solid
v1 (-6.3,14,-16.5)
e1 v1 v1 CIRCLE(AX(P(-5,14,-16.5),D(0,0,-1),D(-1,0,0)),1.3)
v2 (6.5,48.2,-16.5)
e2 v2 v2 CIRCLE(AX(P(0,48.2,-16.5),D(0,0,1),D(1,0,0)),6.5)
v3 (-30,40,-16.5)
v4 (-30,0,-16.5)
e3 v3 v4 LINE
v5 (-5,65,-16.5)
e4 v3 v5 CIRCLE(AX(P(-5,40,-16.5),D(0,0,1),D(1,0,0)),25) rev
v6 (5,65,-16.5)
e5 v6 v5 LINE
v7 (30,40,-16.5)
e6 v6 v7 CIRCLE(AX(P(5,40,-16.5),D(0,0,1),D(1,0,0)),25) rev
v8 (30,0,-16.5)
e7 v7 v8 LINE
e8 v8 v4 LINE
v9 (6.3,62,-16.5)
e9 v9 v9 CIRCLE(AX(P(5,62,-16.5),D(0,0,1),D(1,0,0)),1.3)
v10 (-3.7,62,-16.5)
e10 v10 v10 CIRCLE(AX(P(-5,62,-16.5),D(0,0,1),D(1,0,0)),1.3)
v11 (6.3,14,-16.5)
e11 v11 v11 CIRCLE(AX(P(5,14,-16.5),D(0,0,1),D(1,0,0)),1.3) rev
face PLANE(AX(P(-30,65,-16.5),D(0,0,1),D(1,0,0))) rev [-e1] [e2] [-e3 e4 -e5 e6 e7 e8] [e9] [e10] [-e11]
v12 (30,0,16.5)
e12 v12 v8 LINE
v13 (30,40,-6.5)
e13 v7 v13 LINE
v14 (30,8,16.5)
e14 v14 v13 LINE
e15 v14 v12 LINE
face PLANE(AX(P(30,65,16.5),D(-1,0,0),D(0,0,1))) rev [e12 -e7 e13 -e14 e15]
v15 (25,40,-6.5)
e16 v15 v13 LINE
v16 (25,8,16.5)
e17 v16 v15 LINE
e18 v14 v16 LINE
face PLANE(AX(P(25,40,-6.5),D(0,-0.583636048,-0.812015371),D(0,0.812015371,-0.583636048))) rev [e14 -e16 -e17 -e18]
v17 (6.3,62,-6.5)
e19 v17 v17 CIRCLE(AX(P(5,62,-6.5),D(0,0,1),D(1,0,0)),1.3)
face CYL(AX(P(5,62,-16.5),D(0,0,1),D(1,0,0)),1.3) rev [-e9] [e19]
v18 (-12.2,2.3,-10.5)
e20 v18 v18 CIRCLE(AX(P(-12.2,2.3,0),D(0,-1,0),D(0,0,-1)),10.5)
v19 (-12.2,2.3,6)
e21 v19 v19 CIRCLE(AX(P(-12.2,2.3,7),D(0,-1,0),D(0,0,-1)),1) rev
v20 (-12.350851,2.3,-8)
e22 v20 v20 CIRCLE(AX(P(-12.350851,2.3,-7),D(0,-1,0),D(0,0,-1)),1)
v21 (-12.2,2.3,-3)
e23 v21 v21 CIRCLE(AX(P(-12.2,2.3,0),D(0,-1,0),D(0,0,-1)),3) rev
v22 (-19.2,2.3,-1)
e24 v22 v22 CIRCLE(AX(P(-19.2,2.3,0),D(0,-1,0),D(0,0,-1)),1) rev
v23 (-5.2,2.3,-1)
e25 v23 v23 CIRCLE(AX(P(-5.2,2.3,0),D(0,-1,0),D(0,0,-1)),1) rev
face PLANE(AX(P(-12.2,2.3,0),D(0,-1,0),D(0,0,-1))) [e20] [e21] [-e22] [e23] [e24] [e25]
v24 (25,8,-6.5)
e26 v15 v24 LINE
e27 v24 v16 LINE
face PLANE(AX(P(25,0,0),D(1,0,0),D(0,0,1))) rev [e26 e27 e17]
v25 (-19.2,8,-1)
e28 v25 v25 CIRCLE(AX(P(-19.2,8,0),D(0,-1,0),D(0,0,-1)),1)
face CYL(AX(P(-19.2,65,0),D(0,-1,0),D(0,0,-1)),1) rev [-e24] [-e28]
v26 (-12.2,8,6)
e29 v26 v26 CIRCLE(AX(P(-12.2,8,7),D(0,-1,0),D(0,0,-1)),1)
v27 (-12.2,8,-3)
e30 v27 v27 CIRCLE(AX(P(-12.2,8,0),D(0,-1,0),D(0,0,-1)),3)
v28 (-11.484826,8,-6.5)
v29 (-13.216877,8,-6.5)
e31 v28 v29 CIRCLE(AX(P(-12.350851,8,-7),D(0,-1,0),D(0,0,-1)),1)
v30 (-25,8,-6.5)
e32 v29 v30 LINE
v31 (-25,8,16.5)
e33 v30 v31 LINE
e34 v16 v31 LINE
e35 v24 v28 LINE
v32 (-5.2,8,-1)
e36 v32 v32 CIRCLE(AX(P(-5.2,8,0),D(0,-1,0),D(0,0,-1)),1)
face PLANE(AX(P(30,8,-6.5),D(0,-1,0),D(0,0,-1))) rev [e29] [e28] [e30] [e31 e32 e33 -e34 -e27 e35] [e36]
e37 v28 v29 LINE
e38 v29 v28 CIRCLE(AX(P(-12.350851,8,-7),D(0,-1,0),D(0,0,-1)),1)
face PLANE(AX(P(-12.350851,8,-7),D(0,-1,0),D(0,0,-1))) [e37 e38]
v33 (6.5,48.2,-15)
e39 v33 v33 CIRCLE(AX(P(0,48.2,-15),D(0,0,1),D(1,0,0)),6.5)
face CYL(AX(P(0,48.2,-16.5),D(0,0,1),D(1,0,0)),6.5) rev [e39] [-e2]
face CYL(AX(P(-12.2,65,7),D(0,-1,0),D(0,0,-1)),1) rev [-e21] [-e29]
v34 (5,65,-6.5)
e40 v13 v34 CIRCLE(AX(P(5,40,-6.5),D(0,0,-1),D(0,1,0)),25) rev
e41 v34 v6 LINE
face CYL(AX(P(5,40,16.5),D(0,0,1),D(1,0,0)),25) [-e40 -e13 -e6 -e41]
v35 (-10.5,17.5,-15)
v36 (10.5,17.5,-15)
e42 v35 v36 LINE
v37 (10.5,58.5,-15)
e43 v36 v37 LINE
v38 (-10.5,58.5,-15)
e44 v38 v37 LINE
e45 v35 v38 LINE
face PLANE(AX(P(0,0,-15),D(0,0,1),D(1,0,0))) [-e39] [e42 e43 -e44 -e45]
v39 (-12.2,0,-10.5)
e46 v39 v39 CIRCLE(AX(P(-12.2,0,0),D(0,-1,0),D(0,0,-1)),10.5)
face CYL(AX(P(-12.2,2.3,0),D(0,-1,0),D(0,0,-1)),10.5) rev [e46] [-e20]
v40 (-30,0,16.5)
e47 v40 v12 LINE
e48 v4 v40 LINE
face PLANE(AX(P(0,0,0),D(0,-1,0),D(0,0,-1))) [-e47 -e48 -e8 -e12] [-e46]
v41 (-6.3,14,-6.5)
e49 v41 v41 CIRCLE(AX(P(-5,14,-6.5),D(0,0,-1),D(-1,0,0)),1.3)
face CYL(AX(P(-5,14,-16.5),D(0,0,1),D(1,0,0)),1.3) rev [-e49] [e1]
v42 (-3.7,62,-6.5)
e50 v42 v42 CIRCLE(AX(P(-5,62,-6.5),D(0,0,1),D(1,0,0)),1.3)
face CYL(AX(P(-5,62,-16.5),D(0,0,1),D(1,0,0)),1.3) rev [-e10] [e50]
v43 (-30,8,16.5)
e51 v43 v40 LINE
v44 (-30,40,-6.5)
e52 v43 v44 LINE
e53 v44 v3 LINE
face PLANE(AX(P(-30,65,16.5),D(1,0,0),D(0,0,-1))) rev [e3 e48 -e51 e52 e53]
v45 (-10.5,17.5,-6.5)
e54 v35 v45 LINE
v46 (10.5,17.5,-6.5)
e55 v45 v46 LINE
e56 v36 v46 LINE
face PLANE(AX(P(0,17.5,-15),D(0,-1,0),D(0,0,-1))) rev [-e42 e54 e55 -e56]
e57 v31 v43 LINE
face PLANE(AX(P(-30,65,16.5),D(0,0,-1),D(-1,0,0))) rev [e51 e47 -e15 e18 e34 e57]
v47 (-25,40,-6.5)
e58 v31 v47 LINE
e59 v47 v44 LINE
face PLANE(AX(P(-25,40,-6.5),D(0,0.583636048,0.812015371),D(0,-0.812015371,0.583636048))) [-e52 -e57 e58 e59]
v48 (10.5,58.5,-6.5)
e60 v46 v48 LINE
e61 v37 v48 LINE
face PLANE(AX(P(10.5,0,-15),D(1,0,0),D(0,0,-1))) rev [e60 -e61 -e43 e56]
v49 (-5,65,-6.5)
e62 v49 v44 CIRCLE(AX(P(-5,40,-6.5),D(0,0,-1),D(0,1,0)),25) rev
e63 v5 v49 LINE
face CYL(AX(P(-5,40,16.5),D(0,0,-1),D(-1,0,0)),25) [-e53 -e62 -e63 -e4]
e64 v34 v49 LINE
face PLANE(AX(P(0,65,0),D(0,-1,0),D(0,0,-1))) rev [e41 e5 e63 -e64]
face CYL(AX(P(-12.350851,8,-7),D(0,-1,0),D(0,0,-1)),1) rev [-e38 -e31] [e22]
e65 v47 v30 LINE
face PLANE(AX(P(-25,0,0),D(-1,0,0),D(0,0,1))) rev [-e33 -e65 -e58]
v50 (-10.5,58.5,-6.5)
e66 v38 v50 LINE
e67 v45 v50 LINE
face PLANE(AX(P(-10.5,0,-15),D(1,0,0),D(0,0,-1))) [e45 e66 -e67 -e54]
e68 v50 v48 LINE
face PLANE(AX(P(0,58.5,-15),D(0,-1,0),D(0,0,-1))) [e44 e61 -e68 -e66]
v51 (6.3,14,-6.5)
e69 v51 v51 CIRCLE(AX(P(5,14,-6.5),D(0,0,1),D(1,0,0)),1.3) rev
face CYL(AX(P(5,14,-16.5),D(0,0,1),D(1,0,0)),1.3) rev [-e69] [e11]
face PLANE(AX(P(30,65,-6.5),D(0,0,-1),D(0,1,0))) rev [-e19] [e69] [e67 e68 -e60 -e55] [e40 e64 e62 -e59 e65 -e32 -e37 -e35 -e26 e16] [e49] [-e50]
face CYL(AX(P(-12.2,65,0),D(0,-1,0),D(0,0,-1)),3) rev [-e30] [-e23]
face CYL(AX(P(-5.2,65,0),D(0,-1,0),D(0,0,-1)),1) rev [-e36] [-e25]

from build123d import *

# Parameters (mm, degrees)
SKETCH2_W           = 60
SKETCH2_H           = 33
BOSS_EXTRUDE1_DEPTH = 65
SKETCH3_W           = 23
SKETCH3_H           = 57
CUT_EXTRUDE1_DEPTH  = 60
SKETCH4_W           = 21
SKETCH4_H           = 41
CUT_EXTRUDE2_DEPTH  = 8.5
SKETCH4_3_R         = 1.3
CUT_EXTRUDE3_DEPTH  = 11
SKETCH6_R           = 3
SKETCH6_R_2         = 1
CUT_EXTRUDE4_DEPTH  = 66
FILLET2_R           = 25
FILLET4_R           = 25
BOSS_EXTRUDE2_DEPTH = 5
SKETCH9_R           = 6.5
CUT_EXTRUDE5_DEPTH  = 2.5
SKETCH10_R          = 10.5
CUT_EXTRUDE6_DEPTH  = 2.3
SKETCH12_R          = 1
CUT_EXTRUDE7_DEPTH  = 5.7


with BuildPart() as part:
    # Sketch2 → Boss-Extrude1 (new body)
    with BuildSketch(Plane(origin=(0, 0, 0), x_dir=(1, 0, 0), z_dir=(0, 1, 0))):
        Rectangle(SKETCH2_W, SKETCH2_H)
    extrude(amount=BOSS_EXTRUDE1_DEPTH)

    # Sketch3 → Cut-Extrude1 (cut)
    with BuildSketch(Plane.ZY.offset(30)):
        with Locations((5, 36.5)):
            Rectangle(SKETCH3_W, SKETCH3_H)
    extrude(amount=-CUT_EXTRUDE1_DEPTH, mode=Mode.SUBTRACT)

    # Sketch4 → Cut-Extrude2 (cut)
    with BuildSketch(Plane.XY.offset(-6.5)):
        with Locations((0, 38)):
            Rectangle(SKETCH4_W, SKETCH4_H)
    extrude(amount=-CUT_EXTRUDE2_DEPTH, mode=Mode.SUBTRACT)

    # Sketch4<3> → Cut-Extrude3 (cut, through all)
    with BuildSketch(Plane.XY.offset(-6.5)):
        with Locations((5, 14)):
            Circle(SKETCH4_3_R)
        with Locations((-5, 62)):
            Circle(SKETCH4_3_R)
        with Locations((5, 62)):
            Circle(SKETCH4_3_R)
        with Locations((-5, 14)):
            Circle(SKETCH4_3_R)
    extrude(amount=-CUT_EXTRUDE3_DEPTH, mode=Mode.SUBTRACT)

    # Sketch6 → Cut-Extrude4 (cut, through all)
    with BuildSketch(Plane.XZ):
        with Locations((-12.2, 0)):
            Circle(SKETCH6_R)
        with Locations((-19.2, 0)):
            Circle(SKETCH6_R_2)
        with Locations((-5.2, 0)):
            Circle(SKETCH6_R_2)
        with Locations((-12.2, 7)):
            Circle(SKETCH6_R_2)
    extrude(amount=-CUT_EXTRUDE4_DEPTH, mode=Mode.SUBTRACT)

    # Fillet2
    fillet2_edges = [part.edges().sort_by_distance(p)[0] for p in [
        (-30, 65, -11.5),
    ]]
    fillet(fillet2_edges, radius=FILLET2_R)

    # Fillet4
    fillet4_edges = [part.edges().sort_by_distance(p)[0] for p in [
        (30, 65, -11.5),
    ]]
    fillet(fillet4_edges, radius=FILLET4_R)

    # Sketch8 → Boss-Extrude2 (add)
    with BuildSketch(Plane.ZY.offset(30)):
        Polygon((-6.5, 40), (16.5, 8), (-6.5, 8), align=None)
    boss_extrude2 = extrude(amount=-BOSS_EXTRUDE2_DEPTH)

    # Mirror1: Boss-Extrude2 across plane
    add(boss_extrude2.mirror(Plane(origin=(0, 0, 0), x_dir=(0, 0, 1), z_dir=(1, 0, 0))))

    # Sketch9 → Cut-Extrude5 (cut, through all)
    with BuildSketch(Plane.XY.offset(-15)):
        with Locations((0, 48.2)):
            Circle(SKETCH9_R)
    extrude(amount=-CUT_EXTRUDE5_DEPTH, mode=Mode.SUBTRACT)

    # Sketch10 → Cut-Extrude6 (cut)
    with BuildSketch(Plane.XZ):
        with Locations((-12.2, 0)):
            Circle(SKETCH10_R)
    extrude(amount=-CUT_EXTRUDE6_DEPTH, mode=Mode.SUBTRACT)

    # Sketch12 → Cut-Extrude7 (cut)
    with BuildSketch(Plane.XZ.offset(-2.3)):
        with Locations((-12.35085129, -7)):
            Circle(SKETCH12_R)
    extrude(amount=-CUT_EXTRUDE7_DEPTH, mode=Mode.SUBTRACT)


solid = part.part
